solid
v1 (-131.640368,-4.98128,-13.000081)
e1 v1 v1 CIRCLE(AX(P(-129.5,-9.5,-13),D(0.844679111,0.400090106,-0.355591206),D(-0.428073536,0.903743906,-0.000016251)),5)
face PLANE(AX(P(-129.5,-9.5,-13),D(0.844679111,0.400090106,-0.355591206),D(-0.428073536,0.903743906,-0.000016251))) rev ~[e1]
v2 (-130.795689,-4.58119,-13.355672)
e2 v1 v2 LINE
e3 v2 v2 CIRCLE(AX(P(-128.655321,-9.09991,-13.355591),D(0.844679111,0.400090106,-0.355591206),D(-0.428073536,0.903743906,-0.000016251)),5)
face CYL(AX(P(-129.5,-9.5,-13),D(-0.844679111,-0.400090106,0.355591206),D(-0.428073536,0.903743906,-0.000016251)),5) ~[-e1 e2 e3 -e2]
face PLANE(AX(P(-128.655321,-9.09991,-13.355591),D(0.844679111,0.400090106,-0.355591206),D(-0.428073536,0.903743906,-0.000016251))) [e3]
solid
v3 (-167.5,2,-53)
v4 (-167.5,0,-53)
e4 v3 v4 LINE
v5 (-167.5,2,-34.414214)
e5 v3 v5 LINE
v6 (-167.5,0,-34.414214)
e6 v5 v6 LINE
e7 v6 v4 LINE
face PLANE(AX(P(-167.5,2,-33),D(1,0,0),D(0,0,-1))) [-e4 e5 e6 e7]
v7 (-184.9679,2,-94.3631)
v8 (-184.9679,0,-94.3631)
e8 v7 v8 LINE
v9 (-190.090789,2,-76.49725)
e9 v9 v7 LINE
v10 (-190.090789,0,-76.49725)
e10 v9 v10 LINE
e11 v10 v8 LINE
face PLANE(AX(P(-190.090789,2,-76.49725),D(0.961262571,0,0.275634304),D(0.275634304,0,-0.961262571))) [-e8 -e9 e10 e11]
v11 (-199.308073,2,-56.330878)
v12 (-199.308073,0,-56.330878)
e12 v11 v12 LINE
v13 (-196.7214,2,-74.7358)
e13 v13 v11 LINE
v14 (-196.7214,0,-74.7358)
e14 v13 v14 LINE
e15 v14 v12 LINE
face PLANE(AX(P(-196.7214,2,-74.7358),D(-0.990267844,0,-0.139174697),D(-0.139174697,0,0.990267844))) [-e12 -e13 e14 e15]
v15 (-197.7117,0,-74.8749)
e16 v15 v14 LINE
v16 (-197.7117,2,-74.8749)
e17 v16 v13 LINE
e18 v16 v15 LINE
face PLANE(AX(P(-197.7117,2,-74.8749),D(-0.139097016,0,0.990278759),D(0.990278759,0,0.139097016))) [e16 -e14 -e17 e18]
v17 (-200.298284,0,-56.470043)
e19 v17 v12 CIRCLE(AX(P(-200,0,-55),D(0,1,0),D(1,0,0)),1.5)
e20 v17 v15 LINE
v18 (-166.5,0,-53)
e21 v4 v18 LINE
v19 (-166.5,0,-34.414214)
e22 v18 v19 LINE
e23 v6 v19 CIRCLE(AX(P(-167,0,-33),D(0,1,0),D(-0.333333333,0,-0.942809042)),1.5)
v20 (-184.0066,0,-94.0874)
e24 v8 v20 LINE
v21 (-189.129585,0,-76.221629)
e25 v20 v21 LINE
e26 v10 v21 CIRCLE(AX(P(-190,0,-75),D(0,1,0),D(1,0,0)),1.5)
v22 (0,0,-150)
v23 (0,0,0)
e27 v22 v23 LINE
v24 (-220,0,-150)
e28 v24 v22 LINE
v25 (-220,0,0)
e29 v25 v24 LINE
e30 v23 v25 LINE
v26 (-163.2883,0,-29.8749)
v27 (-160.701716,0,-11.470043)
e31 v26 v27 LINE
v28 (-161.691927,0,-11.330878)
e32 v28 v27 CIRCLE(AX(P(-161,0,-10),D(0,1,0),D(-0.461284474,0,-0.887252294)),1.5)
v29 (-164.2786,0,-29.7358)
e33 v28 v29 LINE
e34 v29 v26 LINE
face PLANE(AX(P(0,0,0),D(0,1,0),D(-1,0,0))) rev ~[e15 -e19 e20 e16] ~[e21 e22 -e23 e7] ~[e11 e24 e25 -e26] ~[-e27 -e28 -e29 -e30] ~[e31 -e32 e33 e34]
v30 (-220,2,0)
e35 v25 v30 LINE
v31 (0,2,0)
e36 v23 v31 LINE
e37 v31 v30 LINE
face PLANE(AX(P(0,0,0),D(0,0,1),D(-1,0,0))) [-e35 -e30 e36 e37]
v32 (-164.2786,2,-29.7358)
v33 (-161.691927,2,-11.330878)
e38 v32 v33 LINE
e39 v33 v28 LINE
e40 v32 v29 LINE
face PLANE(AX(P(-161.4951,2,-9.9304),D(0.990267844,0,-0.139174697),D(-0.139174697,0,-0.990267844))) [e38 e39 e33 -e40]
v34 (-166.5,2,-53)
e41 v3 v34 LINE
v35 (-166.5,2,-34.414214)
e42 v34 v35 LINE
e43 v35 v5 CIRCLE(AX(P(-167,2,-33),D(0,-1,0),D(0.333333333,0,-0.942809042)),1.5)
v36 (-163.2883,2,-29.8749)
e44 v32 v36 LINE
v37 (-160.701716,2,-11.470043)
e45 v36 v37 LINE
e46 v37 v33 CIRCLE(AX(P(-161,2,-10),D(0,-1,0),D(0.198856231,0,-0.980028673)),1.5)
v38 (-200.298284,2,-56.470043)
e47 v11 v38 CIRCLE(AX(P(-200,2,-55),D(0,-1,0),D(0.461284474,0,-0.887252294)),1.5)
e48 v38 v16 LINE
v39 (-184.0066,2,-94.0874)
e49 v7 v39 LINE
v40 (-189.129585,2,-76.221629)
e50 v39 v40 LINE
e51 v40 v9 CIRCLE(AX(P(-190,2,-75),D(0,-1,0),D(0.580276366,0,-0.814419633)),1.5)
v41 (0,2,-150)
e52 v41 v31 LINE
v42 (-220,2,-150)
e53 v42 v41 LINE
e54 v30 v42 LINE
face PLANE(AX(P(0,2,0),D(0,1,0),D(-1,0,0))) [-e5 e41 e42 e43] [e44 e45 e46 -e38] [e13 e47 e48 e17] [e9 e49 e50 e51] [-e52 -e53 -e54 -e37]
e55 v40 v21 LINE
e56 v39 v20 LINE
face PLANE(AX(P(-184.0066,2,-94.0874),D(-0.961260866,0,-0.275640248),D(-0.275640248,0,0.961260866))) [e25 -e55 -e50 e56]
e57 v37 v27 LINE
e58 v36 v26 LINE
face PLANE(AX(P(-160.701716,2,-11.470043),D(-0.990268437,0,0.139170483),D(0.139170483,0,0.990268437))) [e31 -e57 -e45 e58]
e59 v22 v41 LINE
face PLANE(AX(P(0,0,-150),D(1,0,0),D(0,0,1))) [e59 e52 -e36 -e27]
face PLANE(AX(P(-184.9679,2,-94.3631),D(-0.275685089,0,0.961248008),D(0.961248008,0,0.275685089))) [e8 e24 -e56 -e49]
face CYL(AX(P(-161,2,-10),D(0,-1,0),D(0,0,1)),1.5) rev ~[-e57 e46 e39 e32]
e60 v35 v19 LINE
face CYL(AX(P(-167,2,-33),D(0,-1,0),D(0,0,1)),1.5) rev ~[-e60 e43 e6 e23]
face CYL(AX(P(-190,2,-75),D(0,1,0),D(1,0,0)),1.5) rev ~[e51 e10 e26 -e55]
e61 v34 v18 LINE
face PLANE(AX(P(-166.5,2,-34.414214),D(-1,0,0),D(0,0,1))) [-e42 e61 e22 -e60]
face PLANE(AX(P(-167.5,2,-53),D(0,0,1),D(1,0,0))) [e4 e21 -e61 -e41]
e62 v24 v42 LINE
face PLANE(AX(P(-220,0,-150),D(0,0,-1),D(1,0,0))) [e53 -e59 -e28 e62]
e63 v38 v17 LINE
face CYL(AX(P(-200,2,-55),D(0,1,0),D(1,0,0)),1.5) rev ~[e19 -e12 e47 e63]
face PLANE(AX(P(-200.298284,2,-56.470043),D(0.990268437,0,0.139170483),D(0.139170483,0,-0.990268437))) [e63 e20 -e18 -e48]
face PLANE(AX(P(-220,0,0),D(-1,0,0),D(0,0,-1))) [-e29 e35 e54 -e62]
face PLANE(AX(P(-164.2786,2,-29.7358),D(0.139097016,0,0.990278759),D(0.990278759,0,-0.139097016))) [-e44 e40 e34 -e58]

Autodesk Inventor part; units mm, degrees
ref_plane "YZ Plane" through (0, 0, 0) normal (1, 0, 0) x (0, 1, 0)
ref_plane "XZ Plane" through (0, 0, 0) normal (0, 1, 0) x (-1, 0, 0)
sketch "Sketch2" plane through (0, 0, 0) normal (0, 1, 0) x (-1, 0, 0)
  line L0 (0, 0) -> (220, 0)
  line L1 (220, 0) -> (220, -150)
  line L2 (220, -150) -> (0, -150)
  line L3 (0, -150) -> (0, 0)
  dimension "d0" = 150
  dimension "d1" = 220
extrude "Plate" add sketch "Sketch2" along normal blind 2
sketch "Sketch3" plane through (0, 2, 0) normal (0, 1, 0) x (1, 0, 0)
  point P0 (0, 0)
  point P1 (-161, 10)
  dimension "d4" = 161
  dimension "d5" = 10
hole "Finger 2 position" at (-161, 2, -10) direction (0, -1, 0) diameter 3 end through all
sketch "Sketch4" plane through (0, 2, 0) normal (0, 1, 0) x (1, 0, 0)
  circle A0 centre (-161, 10) radius 1.5 projected
  line L0 (-161, 10) -> (-164.1646, 32.5171) construction
  line L1 (-161, 10) -> (-161, 35.4885) construction
  line L2 (-161.4951, 9.9304) -> (-161, 10)
  line L3 (-161, 10) -> (-160.5049, 10.0696)
  line L4 (-161.4951, 9.9304) -> (-164.2786, 29.7358)
  line L5 (-164.2786, 29.7358) -> (-163.2883, 29.8749)
  line L6 (-163.2883, 29.8749) -> (-160.5049, 10.0696)
  point P0 (0, 0)
  dimension "d14" = 1
  dimension "d15" = 20
  dimension "d32" = 8
extrude "Finger 2 angle" cut sketch "Sketch4" against normal through all contours L6 L3 L2 L4 A0 | A0 L4 L5 L6 picked at (-161.3957, 10.4204)
sketch "Sketch5" plane through (0, 2, 0) normal (0, 1, 0) x (1, 0, 0)
  point P0 (0, 0)
  point P1 (-167, 33)
  dimension "d18" = 33
  dimension "d19" = 167
hole "Finger 3 position" at (-167, 2, -33) direction (0, -1, 0) diameter 3 end through all
sketch "Sketch6" plane through (0, 2, 0) normal (0, 1, 0) x (1, 0, 0)
  circle A0 centre (-167, 33) radius 1.5 projected
  line L0 (-167, 33) -> (-167, 67.5) construction
  line L1 (-167, 33) -> (-167, 65.8824) construction
  line L2 (-167.5, 33) -> (-167, 33)
  line L3 (-167, 33) -> (-166.5, 33)
  line L4 (-167.5, 33) -> (-167.5, 53)
  line L5 (-167.5, 53) -> (-166.5, 53)
  line L6 (-166.5, 53) -> (-166.5, 33)
  point P0 (0, 0)
  dimension "d27" = 0
  dimension "d28" = 1
  dimension "d29" = 20
extrude "Finger 3 angle" cut sketch "Sketch6" against normal through all contours L6 L3 L2 L4 A0 | A0 L4 L5 L6 picked at (-167.3333, 33.4714)
sketch3d "Thumb joint geometry"
ref_plane "Work Plane1" through (-129.5, -9.5, -13) normal (0.8447, 0.4001, -0.3556) x (-0.4281, 0.9037, 0)
sketch "Sketch7" plane through (-129.5, -9.5, -13) normal (0.8447, 0.4001, -0.3556) x (-0.4281, 0.9037, 0)
  circle A0 centre (0, 0) radius 5
  point P0 (-46.8517, 55.2188)
  dimension "d39" = 10
extrude "Thumb joint" add sketch "Sketch7" along normal blind 1
sketch "Sketch9" plane through (0, 2, 0) normal (0, 1, 0) x (1, 0, 0)
  circle A0 centre (-200, 55) radius 1.5
  line L0 (-196.7214, 74.7358) -> (-199.5049, 54.9304)
  line L1 (-199.5049, 54.9304) -> (-200.4951, 55.0696)
  line L2 (-200.4951, 55.0696) -> (-197.7117, 74.8749)
  line L3 (-197.7117, 74.8749) -> (-196.7214, 74.7358)
  line L4 (-196.7214, 74.7358) -> (-200.4951, 55.0696) construction
  line L5 (-199.5049, 54.9304) -> (-197.7117, 74.8749) construction
  line L6 (-200, 55) -> (-92.8888, 55) construction
  point P0 (0, 0)
  point P1 (-198.6083, 64.9027)
  dimension "d42" = 20
  dimension "d43" = 3
  dimension "d44" = 200
  dimension "d45" = 55
  dimension "d47" = 82
  dimension "d48" = 1
extrude "Finger 3" cut sketch "Sketch9" against normal through all
sketch "Sketch10" plane through (0, 2, 0) normal (0, 1, 0) x (1, 0, 0)
  circle A0 centre (-190, 75) radius 1.5
  line L0 (-184.0066, 94.0874) -> (-189.5194, 74.8622)
  line L1 (-189.5194, 74.8622) -> (-190.4806, 75.1378)
  line L2 (-190.4806, 75.1378) -> (-184.9679, 94.3631)
  line L3 (-184.9679, 94.3631) -> (-184.0066, 94.0874)
  line L4 (-184.0066, 94.0874) -> (-190.4806, 75.1378) construction
  line L5 (-189.5194, 74.8622) -> (-184.9679, 94.3631) construction
  line L6 (-190, 75) -> (-75.9657, 75) construction
  point P0 (0, 0)
  point P1 (-187.2436, 84.6126)
  dimension "d51" = 3
  dimension "d52" = 1
  dimension "d53" = 20
  dimension "d54" = 190
  dimension "d55" = 75
  dimension "d56" = 74
extrude "Finger 4" cut sketch "Sketch10" against normal through all
equation "\"d4\" = finger_2_z"
equation "\"d5\" = finger_2_x"
equation "\"d32\" = finger_2_angle"
equation "\"d18\" = finger_3_x"
equation "\"d19\" = finger_3_z"
equation "\"d33\" = thumb_CMC_x"
equation "\"d34\" = thumb_CMC_z"
equation "\"d35\" = thumb_CMC_y"
equation "\"d36\" = thumb_CMC_axis_z"
equation "\"d37\" = -thumb_CMC_axis_x"
equation "\"d38\" = thumb_CMC_axis_y"
equation "\"d44\" = finger_4_x"
equation "\"d45\" = finger_4_z"
equation "\"d54\" = finger_5_x"
equation "\"d55\" = finger_5_z"
equation "\"thumb_CMC_axis_x\" = thumb_axis_x"
equation "\"thumb_CMC_axis_y\" = thumb_axis_y"
equation "\"thumb_CMC_axis_z\" = thumb_axis_z"
equation "\"thumb_CMC_x\" = thumb_x"
equation "\"thumb_CMC_y\" = thumb_y"
equation "\"finger_2_x\" = F2_x"
equation "\"finger_2_z\" = F2_z"
equation "\"finger_2_angle\" = F2_angle"
equation "\"finger_3_x\" = F3_x"
equation "\"finger_3_z\" = F3_z"
equation "\"finger_4_x\" = F4_x"
equation "\"finger_4_z\" = F4_z"
equation "\"finger_4_angle\" = F4_angle"
equation "\"finger_5_x\" = F5_x"
equation "\"finger_5_z\" = F5_z"
equation "\"finger_5_angle\" = F5_angle"
equation "\"thumb_CMC_z\" = 120"
equation "\"thumb_axis_x\" = -0.4"
equation "\"thumb_axis_y\" = 0.45"
equation "\"thumb_axis_z\" = 0.95"
equation "\"thumb_x\" = 17"
equation "\"thumb_y\" = 5"
equation "\"F2_x\" = 10"
equation "\"F2_z\" = 161"
equation "\"F2_angle\" = 8deg"
equation "\"F3_x\" = 33"
equation "\"F3_z\" = 167"
equation "\"F4_x\" = 200"
equation "\"F4_z\" = 55"
equation "\"F4_angle\" = -8deg"
equation "\"F5_x\" = 190"
equation "\"F5_z\" = 75"
equation "\"F5_angle\" = -16deg"
properties part number "metacarpus geometry"
